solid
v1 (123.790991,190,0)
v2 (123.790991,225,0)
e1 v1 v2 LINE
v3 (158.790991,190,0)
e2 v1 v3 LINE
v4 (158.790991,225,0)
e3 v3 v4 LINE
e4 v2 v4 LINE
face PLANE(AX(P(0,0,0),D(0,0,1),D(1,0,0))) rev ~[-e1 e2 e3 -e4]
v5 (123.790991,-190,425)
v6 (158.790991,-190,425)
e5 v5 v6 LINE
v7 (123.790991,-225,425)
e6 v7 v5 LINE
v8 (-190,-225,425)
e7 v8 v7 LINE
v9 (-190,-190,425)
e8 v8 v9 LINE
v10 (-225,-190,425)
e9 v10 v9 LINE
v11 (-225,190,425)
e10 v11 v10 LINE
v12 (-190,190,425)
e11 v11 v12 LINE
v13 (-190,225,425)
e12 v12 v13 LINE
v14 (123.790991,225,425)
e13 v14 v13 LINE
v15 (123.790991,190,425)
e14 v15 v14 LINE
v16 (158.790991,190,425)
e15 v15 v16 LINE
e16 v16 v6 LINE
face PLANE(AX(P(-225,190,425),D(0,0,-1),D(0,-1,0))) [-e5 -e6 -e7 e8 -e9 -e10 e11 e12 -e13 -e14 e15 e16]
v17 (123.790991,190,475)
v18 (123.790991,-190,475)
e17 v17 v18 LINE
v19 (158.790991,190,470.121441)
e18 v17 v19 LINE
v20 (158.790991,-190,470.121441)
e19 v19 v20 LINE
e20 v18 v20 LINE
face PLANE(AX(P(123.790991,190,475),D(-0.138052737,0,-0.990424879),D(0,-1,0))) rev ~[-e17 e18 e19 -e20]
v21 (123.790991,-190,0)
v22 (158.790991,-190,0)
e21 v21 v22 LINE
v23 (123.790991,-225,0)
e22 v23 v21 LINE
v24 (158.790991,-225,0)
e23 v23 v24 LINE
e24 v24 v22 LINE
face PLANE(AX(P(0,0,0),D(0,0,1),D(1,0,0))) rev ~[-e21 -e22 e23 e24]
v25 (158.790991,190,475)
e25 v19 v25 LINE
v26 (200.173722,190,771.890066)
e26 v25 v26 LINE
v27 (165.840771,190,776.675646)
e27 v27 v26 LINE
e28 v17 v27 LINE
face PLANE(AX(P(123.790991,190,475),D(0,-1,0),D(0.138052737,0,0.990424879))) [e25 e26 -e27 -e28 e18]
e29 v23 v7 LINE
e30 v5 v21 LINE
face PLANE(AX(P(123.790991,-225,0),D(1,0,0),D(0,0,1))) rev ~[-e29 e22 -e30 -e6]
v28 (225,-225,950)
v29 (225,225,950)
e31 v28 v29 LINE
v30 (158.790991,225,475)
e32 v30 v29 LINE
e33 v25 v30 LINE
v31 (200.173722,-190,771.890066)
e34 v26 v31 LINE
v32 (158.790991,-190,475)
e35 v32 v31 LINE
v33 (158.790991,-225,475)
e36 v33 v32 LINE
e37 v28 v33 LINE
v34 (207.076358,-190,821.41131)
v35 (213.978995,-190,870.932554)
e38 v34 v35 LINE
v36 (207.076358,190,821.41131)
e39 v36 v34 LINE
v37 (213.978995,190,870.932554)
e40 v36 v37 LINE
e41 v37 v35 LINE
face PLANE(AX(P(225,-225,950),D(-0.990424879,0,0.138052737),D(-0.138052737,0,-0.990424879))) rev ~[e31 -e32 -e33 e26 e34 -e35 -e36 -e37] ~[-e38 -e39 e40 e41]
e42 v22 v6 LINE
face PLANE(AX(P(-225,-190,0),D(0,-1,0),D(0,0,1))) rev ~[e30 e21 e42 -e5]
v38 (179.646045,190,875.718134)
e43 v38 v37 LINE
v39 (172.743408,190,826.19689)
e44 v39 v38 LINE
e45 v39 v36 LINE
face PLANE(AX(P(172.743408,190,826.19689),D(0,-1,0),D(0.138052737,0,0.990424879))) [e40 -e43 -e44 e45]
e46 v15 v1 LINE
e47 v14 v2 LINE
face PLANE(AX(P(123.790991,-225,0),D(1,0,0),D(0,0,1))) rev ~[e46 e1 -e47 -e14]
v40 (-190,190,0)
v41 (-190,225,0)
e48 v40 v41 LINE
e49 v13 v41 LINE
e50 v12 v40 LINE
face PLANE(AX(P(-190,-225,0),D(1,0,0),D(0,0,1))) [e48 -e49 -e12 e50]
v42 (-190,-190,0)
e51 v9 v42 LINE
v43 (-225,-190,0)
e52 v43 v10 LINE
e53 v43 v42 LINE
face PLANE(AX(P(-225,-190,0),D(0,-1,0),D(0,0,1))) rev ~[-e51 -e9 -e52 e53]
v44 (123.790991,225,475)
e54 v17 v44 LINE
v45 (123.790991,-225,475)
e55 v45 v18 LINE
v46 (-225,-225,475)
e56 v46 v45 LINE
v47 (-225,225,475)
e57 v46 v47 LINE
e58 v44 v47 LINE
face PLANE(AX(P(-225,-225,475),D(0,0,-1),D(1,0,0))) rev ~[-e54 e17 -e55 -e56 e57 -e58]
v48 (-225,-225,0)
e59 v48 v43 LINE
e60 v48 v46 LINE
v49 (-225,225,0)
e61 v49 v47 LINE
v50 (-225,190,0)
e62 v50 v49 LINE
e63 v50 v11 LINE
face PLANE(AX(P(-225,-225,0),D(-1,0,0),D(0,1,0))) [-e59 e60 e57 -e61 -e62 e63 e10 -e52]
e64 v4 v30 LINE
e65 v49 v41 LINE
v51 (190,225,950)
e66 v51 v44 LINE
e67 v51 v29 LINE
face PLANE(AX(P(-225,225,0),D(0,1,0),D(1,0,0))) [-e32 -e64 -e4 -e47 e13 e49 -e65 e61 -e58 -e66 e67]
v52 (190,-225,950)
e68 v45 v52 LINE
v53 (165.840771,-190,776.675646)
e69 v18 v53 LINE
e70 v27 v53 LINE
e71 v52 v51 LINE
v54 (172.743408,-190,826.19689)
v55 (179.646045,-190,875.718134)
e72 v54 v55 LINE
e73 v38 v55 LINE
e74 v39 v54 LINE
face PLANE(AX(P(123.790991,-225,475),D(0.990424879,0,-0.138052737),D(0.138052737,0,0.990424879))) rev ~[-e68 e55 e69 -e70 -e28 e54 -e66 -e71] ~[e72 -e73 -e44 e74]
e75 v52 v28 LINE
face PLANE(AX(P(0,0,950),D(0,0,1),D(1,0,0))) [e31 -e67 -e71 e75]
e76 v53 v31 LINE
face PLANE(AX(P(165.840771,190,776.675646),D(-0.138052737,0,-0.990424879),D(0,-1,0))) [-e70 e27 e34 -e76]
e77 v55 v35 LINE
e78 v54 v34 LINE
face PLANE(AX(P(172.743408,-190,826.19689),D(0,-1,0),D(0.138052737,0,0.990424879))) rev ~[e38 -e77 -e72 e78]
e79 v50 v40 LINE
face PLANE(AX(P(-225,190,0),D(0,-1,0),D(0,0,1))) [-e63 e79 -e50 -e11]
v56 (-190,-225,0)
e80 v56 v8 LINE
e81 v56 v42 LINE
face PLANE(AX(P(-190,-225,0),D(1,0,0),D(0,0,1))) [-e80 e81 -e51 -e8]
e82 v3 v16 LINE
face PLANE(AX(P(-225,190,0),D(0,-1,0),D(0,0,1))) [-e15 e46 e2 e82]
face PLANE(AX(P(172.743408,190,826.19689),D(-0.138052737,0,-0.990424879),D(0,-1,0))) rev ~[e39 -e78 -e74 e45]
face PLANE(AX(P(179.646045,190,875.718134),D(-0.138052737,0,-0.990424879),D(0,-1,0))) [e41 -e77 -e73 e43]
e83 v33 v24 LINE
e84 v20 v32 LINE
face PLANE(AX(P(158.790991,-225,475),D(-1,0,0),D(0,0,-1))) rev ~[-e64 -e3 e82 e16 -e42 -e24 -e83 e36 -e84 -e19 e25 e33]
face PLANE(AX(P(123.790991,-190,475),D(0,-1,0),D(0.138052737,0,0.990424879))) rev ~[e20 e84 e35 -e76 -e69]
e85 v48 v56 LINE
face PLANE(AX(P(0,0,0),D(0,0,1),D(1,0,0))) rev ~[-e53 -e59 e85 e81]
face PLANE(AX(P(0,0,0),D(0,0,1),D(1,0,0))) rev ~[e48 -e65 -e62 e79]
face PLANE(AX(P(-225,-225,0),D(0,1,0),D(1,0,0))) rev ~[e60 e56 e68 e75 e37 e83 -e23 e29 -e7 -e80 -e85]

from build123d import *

# Parameters (mm, degrees)
F0_W     = 450
F0_H     = 450
F1_DEPTH = 950
F2_W     = 66.2090092897
F2_H     = 425
F2_W_2   = 313.7909907103
F2_H_2   = 50
F3_DEPTH = 450.001
F4_W     = 380
F4_H     = 425
F5_DEPTH = 450.001
F6_W     = 380
F6_H     = 50
F6_H_2   = 304.5921526788
F7_DEPTH = 165.8159708686


with BuildPart() as f1:
    # F0 (on Top) → F1 (new body)
    with BuildSketch(Plane.XY):
        Rectangle(F0_W, F0_H)
    extrude(amount=F1_DEPTH)

    # F2 (on face) → F3 (cut, through all)
    with BuildSketch(Plane.XZ.offset(225)):
        Polygon((-225, 475), (123.7909907103, 475), (190, 950), (-225, 950), align=None)
        Polygon((158.7909907103, 475), (225, 475), (225, 950), align=None)
        with Locations((191.8954953551, 212.5)):
            Rectangle(F2_W, F2_H)
        with Locations((-33.1045046449, 212.5)):
            Rectangle(F2_W_2, F2_H)
        with Locations((191.8954953551, 450)):
            Rectangle(F2_W, F2_H_2)
    extrude(amount=-F3_DEPTH, mode=Mode.SUBTRACT)

    # F4 (on face) → F5 (cut, through all)
    with BuildSketch(Plane(origin=(-225, 0, 0), x_dir=(0, -1, 0), z_dir=(-1, 0, 0))):
        with Locations((0, 212.5)):
            Rectangle(F4_W, F4_H)
    extrude(amount=-F5_DEPTH, mode=Mode.SUBTRACT)

    # F6 (on face) → F7 (cut, through all)
    with BuildSketch(Plane(origin=(56.4845518778, 0, -7.8732341474), x_dir=(0, -1, 0), z_dir=(-0.9904248794, 0, 0.1380527369))):
        with Locations((0, 867.1336554909)):
            Rectangle(F6_W, F6_H)
        with Locations((0, 639.8375791515)):
            Rectangle(F6_W, F6_H_2)
    extrude(amount=-F7_DEPTH, mode=Mode.SUBTRACT)


solid = f1.part
